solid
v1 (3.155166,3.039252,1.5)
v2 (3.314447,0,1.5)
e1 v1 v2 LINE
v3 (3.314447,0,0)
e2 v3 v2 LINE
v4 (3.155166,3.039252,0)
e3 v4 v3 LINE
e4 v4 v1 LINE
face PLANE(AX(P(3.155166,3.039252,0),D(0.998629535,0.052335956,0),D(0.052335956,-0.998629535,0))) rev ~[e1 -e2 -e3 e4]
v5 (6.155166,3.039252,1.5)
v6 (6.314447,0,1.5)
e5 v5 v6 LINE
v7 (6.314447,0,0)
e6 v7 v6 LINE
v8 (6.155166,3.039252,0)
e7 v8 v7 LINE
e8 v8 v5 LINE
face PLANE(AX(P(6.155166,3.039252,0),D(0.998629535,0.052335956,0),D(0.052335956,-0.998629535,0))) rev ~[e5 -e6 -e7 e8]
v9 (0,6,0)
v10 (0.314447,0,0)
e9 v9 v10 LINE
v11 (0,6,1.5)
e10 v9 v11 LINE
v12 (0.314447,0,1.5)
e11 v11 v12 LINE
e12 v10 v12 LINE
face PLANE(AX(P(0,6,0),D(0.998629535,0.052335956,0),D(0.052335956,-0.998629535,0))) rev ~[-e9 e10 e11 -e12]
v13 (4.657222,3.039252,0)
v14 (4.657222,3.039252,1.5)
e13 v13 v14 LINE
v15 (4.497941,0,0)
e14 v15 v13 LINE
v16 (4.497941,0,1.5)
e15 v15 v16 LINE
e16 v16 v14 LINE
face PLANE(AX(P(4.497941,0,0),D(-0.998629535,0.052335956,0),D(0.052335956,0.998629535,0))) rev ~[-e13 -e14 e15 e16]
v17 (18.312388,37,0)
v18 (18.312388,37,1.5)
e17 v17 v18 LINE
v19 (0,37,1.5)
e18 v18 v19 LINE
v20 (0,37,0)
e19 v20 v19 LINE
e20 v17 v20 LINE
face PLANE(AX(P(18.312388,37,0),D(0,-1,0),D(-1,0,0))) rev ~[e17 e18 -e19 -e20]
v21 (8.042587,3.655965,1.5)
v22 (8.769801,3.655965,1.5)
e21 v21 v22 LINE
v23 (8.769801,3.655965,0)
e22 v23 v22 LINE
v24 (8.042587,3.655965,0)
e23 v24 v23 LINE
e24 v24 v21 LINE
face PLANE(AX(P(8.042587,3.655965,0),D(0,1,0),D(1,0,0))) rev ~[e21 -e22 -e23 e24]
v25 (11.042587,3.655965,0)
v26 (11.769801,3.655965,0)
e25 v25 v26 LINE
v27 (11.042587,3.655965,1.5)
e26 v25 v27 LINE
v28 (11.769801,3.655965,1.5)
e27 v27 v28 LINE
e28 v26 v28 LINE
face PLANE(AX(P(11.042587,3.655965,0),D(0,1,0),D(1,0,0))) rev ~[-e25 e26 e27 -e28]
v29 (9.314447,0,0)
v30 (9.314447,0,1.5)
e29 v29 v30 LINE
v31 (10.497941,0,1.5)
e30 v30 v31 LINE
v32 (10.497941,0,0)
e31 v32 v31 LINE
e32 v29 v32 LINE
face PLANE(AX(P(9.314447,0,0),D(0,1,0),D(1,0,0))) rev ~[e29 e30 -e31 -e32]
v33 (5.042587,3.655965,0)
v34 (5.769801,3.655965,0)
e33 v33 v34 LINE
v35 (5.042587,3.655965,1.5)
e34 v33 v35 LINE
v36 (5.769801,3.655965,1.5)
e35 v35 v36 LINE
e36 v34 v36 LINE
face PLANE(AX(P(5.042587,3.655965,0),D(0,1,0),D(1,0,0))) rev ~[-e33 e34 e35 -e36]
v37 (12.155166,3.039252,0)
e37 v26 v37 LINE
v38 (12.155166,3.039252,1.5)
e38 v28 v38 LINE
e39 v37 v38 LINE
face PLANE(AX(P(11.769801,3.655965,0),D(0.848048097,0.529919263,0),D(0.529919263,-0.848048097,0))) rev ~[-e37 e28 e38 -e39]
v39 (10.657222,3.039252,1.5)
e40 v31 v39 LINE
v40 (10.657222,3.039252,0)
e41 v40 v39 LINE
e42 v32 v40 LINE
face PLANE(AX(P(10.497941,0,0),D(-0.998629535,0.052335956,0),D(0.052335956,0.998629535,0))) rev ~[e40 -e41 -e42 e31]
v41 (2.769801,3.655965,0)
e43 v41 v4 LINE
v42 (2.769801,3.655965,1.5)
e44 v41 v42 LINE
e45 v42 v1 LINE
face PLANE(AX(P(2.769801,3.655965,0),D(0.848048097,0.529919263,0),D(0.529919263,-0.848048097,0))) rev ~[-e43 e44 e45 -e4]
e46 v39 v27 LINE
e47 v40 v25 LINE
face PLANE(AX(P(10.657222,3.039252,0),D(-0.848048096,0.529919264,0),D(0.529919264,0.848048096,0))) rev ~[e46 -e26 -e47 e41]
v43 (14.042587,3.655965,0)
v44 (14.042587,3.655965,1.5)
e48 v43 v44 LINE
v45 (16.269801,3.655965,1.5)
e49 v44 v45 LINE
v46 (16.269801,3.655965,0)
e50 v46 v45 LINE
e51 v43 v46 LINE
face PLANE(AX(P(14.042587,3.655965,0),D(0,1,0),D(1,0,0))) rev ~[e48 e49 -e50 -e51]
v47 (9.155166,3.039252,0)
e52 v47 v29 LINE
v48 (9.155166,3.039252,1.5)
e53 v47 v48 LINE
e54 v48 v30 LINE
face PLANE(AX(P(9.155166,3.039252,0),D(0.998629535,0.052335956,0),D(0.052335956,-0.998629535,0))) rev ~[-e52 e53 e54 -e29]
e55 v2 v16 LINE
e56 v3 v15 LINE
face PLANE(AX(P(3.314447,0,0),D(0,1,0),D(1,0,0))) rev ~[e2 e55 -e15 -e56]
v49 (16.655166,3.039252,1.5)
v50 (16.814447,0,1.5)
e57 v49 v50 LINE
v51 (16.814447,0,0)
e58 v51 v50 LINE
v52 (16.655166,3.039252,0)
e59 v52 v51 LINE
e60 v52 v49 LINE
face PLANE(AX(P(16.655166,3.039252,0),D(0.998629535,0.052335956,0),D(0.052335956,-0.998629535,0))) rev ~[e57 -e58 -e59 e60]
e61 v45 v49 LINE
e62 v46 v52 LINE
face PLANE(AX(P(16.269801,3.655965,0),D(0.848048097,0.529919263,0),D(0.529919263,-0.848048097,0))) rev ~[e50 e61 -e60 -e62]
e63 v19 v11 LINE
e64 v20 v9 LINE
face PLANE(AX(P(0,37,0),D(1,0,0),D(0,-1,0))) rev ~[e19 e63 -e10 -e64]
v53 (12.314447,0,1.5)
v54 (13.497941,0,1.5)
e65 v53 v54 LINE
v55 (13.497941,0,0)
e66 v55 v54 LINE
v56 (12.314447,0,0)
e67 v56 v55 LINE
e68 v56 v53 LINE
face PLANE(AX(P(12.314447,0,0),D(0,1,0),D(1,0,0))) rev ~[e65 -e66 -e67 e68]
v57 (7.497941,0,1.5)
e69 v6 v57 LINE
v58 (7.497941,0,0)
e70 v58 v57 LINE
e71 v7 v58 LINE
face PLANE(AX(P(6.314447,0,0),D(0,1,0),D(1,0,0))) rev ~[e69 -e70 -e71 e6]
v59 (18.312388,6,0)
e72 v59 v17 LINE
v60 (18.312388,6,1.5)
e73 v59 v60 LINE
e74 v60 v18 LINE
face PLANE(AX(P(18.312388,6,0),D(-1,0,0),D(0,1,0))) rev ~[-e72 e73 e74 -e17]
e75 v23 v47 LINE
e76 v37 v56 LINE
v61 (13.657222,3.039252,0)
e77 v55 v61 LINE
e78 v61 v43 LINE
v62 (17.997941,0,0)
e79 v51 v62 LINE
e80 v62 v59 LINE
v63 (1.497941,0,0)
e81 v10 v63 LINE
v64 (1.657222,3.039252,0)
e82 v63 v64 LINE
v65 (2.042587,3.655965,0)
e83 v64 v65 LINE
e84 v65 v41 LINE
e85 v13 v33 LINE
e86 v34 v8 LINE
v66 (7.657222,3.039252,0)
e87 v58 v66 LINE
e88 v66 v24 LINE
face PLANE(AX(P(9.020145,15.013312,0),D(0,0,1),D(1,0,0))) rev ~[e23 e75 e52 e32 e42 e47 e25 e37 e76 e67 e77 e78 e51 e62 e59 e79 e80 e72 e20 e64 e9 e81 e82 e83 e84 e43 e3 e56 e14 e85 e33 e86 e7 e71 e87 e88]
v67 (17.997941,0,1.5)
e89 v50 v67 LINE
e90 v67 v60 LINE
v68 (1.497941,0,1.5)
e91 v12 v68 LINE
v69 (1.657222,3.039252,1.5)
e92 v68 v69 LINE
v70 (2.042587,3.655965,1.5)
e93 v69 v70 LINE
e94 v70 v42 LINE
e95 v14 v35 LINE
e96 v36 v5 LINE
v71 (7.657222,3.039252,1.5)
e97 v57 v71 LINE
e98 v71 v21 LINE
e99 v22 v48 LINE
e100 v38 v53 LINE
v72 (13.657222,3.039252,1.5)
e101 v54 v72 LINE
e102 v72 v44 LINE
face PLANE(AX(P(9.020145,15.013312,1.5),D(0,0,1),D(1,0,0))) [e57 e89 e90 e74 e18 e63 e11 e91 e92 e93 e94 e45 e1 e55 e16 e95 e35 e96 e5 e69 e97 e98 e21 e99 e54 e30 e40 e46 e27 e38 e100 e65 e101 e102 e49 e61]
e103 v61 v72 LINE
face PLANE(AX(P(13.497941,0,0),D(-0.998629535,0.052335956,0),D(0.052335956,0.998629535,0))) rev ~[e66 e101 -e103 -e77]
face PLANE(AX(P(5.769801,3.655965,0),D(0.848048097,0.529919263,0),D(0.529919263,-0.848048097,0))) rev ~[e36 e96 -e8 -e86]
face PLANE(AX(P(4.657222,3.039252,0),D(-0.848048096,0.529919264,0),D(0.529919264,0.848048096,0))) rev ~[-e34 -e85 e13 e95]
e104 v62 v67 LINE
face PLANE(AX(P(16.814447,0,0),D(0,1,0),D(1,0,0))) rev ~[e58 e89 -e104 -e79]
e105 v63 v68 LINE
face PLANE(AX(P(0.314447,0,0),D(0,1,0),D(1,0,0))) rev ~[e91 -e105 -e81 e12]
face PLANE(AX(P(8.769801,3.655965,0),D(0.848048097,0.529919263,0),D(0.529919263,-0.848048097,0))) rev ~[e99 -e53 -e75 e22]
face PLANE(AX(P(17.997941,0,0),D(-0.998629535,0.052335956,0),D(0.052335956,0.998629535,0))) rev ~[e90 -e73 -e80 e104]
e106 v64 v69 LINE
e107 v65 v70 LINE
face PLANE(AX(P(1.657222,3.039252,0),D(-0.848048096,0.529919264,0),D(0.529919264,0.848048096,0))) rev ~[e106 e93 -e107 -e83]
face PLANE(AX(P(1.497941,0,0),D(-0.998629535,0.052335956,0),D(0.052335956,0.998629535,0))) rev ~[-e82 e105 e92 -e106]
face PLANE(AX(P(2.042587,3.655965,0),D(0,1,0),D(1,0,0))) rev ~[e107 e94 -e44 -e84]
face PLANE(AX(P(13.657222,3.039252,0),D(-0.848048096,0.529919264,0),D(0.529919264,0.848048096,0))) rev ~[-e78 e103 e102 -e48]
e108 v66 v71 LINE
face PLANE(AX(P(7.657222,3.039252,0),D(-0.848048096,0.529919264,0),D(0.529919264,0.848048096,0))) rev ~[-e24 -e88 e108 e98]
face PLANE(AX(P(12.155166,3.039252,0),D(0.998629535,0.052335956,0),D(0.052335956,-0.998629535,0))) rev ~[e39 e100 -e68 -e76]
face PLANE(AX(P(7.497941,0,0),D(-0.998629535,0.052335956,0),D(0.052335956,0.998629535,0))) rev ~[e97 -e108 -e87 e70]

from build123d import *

# Parameters (mm, degrees)
BOSS_EXTRUDE1_DEPTH = 1.5


with BuildPart() as part:
    # Sketch1 → Boss-Extrude1 (new body)
    with BuildSketch(Plane.XY):
        Polygon((0, 6), (0.314446676, 0), (1.497941481, 0), (1.657221927, 3.039251967), (2.042586863, 3.65596478), (2.769801294, 3.65596478), (3.155166229, 3.039251967), (3.314446676, 0), (4.497941481, 0), (4.657221927, 3.039251967), (5.042586863, 3.65596478), (5.769801294, 3.65596478), (6.155166229, 3.039251967), (6.314446676, 0), (7.497941481, 0), (7.657221927, 3.039251967), (8.042586863, 3.65596478), (8.769801294, 3.65596478), (9.155166229, 3.039251967), (9.314446676, 0), (10.497941481, 0), (10.657221927, 3.039251967), (11.042586863, 3.65596478), (11.769801294, 3.65596478), (12.155166229, 3.039251967), (12.314446676, 0), (13.497941481, 0), (13.657221927, 3.039251967), (14.042586863, 3.65596478), (16.269801294, 3.65596478), (16.655166229, 3.039251967), (16.814446676, 0), (17.997941481, 0), (18.312388157, 6), (18.312388157, 37), (0, 37), align=None)
    extrude(amount=BOSS_EXTRUDE1_DEPTH)


solid = part.part
